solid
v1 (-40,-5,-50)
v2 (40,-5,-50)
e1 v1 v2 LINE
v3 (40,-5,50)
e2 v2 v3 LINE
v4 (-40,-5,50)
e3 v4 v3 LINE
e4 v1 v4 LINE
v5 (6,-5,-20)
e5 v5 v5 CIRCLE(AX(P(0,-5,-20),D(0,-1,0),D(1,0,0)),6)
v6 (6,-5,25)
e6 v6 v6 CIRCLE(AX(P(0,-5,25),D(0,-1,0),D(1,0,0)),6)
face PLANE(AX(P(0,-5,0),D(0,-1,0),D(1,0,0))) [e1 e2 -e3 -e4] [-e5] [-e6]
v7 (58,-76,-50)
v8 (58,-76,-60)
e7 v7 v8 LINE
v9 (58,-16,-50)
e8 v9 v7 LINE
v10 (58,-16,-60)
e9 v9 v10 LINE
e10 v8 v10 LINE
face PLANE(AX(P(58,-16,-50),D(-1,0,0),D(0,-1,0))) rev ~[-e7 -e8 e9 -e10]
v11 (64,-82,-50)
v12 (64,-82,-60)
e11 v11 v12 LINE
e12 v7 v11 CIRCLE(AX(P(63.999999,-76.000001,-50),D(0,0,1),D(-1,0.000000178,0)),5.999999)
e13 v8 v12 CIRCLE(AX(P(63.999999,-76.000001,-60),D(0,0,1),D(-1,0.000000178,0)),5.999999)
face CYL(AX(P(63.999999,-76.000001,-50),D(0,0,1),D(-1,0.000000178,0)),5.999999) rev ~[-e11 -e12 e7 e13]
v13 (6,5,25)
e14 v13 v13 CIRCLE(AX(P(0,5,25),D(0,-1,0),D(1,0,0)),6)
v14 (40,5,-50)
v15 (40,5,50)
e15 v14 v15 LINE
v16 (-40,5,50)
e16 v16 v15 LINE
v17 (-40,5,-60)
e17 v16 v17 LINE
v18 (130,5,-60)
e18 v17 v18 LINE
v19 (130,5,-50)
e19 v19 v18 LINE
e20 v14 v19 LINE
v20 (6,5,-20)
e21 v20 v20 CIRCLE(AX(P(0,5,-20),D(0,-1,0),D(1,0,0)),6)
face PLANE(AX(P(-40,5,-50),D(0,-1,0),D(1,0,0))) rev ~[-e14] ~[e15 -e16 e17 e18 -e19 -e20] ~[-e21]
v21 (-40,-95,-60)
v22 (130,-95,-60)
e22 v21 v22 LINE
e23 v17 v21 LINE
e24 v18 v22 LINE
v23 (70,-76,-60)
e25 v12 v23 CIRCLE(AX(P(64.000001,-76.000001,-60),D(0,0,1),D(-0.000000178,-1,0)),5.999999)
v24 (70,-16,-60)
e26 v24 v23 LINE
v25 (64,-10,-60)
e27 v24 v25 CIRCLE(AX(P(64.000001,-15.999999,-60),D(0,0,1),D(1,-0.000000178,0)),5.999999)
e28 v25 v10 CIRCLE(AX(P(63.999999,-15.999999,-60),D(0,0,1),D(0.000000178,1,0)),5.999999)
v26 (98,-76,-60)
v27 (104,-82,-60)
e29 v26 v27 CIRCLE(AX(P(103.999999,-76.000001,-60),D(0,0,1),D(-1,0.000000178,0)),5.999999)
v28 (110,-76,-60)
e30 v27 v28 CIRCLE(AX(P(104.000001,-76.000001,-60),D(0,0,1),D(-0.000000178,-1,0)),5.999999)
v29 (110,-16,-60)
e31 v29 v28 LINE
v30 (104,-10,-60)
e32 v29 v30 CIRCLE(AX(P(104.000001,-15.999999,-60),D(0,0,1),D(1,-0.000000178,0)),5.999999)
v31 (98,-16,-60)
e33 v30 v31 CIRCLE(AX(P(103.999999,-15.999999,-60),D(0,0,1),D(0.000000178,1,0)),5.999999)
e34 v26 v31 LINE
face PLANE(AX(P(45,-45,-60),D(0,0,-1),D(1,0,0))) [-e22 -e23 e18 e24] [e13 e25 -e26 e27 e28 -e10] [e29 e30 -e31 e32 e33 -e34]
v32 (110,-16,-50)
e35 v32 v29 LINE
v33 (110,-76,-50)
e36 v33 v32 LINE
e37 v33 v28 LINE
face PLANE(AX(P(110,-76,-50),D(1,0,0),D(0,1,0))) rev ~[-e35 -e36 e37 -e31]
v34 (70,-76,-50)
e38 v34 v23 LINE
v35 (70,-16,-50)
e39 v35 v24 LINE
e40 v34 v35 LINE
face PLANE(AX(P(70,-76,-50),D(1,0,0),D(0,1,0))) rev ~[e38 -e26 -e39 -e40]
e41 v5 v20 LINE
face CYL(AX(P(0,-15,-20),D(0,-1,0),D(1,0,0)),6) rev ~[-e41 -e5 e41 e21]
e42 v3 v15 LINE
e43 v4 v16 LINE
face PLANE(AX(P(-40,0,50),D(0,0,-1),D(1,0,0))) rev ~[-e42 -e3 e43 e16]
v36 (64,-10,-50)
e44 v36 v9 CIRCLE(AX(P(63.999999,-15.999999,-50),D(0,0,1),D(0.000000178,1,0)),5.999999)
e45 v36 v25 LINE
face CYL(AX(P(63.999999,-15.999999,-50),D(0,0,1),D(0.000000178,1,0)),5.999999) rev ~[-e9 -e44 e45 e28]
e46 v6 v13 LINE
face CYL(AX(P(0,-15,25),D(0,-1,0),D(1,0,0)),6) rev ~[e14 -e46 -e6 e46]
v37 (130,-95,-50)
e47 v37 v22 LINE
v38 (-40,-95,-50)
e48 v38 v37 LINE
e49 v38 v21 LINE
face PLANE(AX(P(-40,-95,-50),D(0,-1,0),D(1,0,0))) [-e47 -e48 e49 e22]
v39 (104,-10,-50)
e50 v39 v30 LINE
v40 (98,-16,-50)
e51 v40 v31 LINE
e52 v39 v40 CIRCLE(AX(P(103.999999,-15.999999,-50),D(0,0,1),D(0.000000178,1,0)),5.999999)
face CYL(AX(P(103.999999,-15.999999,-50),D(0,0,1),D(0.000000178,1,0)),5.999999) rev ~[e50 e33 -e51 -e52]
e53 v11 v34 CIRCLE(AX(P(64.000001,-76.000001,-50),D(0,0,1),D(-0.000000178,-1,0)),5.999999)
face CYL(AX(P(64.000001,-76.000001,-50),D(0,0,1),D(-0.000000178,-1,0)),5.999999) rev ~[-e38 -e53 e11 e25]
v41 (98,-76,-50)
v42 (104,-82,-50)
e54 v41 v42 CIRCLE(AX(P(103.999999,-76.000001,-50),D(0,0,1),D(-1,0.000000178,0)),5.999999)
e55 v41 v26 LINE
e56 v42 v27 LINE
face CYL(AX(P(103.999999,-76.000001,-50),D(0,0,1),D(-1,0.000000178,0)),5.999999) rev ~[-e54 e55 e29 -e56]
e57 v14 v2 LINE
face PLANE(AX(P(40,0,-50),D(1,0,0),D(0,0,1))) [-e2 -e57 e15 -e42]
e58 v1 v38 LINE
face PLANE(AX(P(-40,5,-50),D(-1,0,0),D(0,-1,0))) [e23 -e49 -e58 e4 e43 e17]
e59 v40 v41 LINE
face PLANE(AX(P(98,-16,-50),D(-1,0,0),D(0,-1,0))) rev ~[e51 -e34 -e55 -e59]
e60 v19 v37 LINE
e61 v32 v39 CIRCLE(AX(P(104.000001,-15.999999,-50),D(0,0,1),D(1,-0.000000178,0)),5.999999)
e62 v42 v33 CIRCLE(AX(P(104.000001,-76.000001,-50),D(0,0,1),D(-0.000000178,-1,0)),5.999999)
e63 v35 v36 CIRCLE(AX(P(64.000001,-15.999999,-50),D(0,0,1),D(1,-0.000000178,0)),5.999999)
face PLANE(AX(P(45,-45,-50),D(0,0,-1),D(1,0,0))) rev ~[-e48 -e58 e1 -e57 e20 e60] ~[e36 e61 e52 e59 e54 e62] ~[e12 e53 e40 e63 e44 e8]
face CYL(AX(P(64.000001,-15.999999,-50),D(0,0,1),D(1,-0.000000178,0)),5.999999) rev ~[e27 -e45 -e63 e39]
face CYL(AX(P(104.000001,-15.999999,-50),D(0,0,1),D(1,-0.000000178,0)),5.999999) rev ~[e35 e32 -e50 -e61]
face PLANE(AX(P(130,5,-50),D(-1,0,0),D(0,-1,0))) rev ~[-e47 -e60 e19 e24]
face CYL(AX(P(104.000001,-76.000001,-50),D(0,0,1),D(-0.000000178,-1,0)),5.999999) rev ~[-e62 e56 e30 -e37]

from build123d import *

# Parameters (mm, degrees)
F0_W      = 80
F0_H      = 100
F1_DEPTH  = 5
F2_W      = 170
F2_H      = 100
F3_DEPTH  = 10
F4_R      = 6
F5_DEPTH  = 10
F7_DEPTH  = 25
F5_FACE_R = 6
F8_DEPTH  = 50


with BuildPart() as f1:
    # F0 (on Front) → F1 (new body, symmetric)
    with BuildSketch(Plane.XZ):
        Rectangle(F0_W, F0_H)
    extrude(amount=F1_DEPTH, both=True)

    # F2 (on face) → F3 (join)
    with BuildSketch(Plane(origin=(0, 0, -50), x_dir=(1, 0, 0), z_dir=(0, 0, -1))):
        with Locations((45, 45)):
            Rectangle(F2_W, F2_H)
    extrude(amount=F3_DEPTH)

    # F4 (on face) → F5 (join)
    with BuildSketch(Plane.XZ.offset(5)):
        with Locations((0, 25)):
            Circle(F4_R)
        with Locations((0, -20)):
            Circle(F4_R)
    extrude(amount=F5_DEPTH)

    # F6 (on face) → F7 (cut)
    with BuildSketch(Plane.XY.offset(-50)):
        with BuildLine():
            ThreePointArc((104, -10), (99.757359, -11.757359), (98, -16))
            Line((98, -16), (98, -76))
            ThreePointArc((98, -76), (99.757359, -80.242641), (104, -82))
            ThreePointArc((104, -82), (108.242641, -80.242641), (110, -76))
            Line((110, -76), (110, -16))
            ThreePointArc((110, -16), (108.242641, -11.757359), (104, -10))
        make_face()
        with BuildLine():
            ThreePointArc((64, -10), (59.757359, -11.757359), (58, -16))
            Line((58, -16), (58, -76))
            ThreePointArc((58, -76), (59.757359, -80.242641), (64, -82))
            ThreePointArc((64, -82), (68.242641, -80.242641), (70, -76))
            Line((70, -76), (70, -16))
            ThreePointArc((70, -16), (68.242641, -11.757359), (64, -10))
        make_face()
    extrude(amount=-F7_DEPTH, mode=Mode.SUBTRACT)

    # F5_face (on face) → F8 (cut)
    with BuildSketch(Plane(origin=(0, -15, 25), x_dir=(1, 0, 0), z_dir=(0, -1, 0))):
        Circle(F5_FACE_R)
        with Locations((0, -45)):
            Circle(F5_FACE_R)
    extrude(amount=-F8_DEPTH, mode=Mode.SUBTRACT)


solid = f1.part
